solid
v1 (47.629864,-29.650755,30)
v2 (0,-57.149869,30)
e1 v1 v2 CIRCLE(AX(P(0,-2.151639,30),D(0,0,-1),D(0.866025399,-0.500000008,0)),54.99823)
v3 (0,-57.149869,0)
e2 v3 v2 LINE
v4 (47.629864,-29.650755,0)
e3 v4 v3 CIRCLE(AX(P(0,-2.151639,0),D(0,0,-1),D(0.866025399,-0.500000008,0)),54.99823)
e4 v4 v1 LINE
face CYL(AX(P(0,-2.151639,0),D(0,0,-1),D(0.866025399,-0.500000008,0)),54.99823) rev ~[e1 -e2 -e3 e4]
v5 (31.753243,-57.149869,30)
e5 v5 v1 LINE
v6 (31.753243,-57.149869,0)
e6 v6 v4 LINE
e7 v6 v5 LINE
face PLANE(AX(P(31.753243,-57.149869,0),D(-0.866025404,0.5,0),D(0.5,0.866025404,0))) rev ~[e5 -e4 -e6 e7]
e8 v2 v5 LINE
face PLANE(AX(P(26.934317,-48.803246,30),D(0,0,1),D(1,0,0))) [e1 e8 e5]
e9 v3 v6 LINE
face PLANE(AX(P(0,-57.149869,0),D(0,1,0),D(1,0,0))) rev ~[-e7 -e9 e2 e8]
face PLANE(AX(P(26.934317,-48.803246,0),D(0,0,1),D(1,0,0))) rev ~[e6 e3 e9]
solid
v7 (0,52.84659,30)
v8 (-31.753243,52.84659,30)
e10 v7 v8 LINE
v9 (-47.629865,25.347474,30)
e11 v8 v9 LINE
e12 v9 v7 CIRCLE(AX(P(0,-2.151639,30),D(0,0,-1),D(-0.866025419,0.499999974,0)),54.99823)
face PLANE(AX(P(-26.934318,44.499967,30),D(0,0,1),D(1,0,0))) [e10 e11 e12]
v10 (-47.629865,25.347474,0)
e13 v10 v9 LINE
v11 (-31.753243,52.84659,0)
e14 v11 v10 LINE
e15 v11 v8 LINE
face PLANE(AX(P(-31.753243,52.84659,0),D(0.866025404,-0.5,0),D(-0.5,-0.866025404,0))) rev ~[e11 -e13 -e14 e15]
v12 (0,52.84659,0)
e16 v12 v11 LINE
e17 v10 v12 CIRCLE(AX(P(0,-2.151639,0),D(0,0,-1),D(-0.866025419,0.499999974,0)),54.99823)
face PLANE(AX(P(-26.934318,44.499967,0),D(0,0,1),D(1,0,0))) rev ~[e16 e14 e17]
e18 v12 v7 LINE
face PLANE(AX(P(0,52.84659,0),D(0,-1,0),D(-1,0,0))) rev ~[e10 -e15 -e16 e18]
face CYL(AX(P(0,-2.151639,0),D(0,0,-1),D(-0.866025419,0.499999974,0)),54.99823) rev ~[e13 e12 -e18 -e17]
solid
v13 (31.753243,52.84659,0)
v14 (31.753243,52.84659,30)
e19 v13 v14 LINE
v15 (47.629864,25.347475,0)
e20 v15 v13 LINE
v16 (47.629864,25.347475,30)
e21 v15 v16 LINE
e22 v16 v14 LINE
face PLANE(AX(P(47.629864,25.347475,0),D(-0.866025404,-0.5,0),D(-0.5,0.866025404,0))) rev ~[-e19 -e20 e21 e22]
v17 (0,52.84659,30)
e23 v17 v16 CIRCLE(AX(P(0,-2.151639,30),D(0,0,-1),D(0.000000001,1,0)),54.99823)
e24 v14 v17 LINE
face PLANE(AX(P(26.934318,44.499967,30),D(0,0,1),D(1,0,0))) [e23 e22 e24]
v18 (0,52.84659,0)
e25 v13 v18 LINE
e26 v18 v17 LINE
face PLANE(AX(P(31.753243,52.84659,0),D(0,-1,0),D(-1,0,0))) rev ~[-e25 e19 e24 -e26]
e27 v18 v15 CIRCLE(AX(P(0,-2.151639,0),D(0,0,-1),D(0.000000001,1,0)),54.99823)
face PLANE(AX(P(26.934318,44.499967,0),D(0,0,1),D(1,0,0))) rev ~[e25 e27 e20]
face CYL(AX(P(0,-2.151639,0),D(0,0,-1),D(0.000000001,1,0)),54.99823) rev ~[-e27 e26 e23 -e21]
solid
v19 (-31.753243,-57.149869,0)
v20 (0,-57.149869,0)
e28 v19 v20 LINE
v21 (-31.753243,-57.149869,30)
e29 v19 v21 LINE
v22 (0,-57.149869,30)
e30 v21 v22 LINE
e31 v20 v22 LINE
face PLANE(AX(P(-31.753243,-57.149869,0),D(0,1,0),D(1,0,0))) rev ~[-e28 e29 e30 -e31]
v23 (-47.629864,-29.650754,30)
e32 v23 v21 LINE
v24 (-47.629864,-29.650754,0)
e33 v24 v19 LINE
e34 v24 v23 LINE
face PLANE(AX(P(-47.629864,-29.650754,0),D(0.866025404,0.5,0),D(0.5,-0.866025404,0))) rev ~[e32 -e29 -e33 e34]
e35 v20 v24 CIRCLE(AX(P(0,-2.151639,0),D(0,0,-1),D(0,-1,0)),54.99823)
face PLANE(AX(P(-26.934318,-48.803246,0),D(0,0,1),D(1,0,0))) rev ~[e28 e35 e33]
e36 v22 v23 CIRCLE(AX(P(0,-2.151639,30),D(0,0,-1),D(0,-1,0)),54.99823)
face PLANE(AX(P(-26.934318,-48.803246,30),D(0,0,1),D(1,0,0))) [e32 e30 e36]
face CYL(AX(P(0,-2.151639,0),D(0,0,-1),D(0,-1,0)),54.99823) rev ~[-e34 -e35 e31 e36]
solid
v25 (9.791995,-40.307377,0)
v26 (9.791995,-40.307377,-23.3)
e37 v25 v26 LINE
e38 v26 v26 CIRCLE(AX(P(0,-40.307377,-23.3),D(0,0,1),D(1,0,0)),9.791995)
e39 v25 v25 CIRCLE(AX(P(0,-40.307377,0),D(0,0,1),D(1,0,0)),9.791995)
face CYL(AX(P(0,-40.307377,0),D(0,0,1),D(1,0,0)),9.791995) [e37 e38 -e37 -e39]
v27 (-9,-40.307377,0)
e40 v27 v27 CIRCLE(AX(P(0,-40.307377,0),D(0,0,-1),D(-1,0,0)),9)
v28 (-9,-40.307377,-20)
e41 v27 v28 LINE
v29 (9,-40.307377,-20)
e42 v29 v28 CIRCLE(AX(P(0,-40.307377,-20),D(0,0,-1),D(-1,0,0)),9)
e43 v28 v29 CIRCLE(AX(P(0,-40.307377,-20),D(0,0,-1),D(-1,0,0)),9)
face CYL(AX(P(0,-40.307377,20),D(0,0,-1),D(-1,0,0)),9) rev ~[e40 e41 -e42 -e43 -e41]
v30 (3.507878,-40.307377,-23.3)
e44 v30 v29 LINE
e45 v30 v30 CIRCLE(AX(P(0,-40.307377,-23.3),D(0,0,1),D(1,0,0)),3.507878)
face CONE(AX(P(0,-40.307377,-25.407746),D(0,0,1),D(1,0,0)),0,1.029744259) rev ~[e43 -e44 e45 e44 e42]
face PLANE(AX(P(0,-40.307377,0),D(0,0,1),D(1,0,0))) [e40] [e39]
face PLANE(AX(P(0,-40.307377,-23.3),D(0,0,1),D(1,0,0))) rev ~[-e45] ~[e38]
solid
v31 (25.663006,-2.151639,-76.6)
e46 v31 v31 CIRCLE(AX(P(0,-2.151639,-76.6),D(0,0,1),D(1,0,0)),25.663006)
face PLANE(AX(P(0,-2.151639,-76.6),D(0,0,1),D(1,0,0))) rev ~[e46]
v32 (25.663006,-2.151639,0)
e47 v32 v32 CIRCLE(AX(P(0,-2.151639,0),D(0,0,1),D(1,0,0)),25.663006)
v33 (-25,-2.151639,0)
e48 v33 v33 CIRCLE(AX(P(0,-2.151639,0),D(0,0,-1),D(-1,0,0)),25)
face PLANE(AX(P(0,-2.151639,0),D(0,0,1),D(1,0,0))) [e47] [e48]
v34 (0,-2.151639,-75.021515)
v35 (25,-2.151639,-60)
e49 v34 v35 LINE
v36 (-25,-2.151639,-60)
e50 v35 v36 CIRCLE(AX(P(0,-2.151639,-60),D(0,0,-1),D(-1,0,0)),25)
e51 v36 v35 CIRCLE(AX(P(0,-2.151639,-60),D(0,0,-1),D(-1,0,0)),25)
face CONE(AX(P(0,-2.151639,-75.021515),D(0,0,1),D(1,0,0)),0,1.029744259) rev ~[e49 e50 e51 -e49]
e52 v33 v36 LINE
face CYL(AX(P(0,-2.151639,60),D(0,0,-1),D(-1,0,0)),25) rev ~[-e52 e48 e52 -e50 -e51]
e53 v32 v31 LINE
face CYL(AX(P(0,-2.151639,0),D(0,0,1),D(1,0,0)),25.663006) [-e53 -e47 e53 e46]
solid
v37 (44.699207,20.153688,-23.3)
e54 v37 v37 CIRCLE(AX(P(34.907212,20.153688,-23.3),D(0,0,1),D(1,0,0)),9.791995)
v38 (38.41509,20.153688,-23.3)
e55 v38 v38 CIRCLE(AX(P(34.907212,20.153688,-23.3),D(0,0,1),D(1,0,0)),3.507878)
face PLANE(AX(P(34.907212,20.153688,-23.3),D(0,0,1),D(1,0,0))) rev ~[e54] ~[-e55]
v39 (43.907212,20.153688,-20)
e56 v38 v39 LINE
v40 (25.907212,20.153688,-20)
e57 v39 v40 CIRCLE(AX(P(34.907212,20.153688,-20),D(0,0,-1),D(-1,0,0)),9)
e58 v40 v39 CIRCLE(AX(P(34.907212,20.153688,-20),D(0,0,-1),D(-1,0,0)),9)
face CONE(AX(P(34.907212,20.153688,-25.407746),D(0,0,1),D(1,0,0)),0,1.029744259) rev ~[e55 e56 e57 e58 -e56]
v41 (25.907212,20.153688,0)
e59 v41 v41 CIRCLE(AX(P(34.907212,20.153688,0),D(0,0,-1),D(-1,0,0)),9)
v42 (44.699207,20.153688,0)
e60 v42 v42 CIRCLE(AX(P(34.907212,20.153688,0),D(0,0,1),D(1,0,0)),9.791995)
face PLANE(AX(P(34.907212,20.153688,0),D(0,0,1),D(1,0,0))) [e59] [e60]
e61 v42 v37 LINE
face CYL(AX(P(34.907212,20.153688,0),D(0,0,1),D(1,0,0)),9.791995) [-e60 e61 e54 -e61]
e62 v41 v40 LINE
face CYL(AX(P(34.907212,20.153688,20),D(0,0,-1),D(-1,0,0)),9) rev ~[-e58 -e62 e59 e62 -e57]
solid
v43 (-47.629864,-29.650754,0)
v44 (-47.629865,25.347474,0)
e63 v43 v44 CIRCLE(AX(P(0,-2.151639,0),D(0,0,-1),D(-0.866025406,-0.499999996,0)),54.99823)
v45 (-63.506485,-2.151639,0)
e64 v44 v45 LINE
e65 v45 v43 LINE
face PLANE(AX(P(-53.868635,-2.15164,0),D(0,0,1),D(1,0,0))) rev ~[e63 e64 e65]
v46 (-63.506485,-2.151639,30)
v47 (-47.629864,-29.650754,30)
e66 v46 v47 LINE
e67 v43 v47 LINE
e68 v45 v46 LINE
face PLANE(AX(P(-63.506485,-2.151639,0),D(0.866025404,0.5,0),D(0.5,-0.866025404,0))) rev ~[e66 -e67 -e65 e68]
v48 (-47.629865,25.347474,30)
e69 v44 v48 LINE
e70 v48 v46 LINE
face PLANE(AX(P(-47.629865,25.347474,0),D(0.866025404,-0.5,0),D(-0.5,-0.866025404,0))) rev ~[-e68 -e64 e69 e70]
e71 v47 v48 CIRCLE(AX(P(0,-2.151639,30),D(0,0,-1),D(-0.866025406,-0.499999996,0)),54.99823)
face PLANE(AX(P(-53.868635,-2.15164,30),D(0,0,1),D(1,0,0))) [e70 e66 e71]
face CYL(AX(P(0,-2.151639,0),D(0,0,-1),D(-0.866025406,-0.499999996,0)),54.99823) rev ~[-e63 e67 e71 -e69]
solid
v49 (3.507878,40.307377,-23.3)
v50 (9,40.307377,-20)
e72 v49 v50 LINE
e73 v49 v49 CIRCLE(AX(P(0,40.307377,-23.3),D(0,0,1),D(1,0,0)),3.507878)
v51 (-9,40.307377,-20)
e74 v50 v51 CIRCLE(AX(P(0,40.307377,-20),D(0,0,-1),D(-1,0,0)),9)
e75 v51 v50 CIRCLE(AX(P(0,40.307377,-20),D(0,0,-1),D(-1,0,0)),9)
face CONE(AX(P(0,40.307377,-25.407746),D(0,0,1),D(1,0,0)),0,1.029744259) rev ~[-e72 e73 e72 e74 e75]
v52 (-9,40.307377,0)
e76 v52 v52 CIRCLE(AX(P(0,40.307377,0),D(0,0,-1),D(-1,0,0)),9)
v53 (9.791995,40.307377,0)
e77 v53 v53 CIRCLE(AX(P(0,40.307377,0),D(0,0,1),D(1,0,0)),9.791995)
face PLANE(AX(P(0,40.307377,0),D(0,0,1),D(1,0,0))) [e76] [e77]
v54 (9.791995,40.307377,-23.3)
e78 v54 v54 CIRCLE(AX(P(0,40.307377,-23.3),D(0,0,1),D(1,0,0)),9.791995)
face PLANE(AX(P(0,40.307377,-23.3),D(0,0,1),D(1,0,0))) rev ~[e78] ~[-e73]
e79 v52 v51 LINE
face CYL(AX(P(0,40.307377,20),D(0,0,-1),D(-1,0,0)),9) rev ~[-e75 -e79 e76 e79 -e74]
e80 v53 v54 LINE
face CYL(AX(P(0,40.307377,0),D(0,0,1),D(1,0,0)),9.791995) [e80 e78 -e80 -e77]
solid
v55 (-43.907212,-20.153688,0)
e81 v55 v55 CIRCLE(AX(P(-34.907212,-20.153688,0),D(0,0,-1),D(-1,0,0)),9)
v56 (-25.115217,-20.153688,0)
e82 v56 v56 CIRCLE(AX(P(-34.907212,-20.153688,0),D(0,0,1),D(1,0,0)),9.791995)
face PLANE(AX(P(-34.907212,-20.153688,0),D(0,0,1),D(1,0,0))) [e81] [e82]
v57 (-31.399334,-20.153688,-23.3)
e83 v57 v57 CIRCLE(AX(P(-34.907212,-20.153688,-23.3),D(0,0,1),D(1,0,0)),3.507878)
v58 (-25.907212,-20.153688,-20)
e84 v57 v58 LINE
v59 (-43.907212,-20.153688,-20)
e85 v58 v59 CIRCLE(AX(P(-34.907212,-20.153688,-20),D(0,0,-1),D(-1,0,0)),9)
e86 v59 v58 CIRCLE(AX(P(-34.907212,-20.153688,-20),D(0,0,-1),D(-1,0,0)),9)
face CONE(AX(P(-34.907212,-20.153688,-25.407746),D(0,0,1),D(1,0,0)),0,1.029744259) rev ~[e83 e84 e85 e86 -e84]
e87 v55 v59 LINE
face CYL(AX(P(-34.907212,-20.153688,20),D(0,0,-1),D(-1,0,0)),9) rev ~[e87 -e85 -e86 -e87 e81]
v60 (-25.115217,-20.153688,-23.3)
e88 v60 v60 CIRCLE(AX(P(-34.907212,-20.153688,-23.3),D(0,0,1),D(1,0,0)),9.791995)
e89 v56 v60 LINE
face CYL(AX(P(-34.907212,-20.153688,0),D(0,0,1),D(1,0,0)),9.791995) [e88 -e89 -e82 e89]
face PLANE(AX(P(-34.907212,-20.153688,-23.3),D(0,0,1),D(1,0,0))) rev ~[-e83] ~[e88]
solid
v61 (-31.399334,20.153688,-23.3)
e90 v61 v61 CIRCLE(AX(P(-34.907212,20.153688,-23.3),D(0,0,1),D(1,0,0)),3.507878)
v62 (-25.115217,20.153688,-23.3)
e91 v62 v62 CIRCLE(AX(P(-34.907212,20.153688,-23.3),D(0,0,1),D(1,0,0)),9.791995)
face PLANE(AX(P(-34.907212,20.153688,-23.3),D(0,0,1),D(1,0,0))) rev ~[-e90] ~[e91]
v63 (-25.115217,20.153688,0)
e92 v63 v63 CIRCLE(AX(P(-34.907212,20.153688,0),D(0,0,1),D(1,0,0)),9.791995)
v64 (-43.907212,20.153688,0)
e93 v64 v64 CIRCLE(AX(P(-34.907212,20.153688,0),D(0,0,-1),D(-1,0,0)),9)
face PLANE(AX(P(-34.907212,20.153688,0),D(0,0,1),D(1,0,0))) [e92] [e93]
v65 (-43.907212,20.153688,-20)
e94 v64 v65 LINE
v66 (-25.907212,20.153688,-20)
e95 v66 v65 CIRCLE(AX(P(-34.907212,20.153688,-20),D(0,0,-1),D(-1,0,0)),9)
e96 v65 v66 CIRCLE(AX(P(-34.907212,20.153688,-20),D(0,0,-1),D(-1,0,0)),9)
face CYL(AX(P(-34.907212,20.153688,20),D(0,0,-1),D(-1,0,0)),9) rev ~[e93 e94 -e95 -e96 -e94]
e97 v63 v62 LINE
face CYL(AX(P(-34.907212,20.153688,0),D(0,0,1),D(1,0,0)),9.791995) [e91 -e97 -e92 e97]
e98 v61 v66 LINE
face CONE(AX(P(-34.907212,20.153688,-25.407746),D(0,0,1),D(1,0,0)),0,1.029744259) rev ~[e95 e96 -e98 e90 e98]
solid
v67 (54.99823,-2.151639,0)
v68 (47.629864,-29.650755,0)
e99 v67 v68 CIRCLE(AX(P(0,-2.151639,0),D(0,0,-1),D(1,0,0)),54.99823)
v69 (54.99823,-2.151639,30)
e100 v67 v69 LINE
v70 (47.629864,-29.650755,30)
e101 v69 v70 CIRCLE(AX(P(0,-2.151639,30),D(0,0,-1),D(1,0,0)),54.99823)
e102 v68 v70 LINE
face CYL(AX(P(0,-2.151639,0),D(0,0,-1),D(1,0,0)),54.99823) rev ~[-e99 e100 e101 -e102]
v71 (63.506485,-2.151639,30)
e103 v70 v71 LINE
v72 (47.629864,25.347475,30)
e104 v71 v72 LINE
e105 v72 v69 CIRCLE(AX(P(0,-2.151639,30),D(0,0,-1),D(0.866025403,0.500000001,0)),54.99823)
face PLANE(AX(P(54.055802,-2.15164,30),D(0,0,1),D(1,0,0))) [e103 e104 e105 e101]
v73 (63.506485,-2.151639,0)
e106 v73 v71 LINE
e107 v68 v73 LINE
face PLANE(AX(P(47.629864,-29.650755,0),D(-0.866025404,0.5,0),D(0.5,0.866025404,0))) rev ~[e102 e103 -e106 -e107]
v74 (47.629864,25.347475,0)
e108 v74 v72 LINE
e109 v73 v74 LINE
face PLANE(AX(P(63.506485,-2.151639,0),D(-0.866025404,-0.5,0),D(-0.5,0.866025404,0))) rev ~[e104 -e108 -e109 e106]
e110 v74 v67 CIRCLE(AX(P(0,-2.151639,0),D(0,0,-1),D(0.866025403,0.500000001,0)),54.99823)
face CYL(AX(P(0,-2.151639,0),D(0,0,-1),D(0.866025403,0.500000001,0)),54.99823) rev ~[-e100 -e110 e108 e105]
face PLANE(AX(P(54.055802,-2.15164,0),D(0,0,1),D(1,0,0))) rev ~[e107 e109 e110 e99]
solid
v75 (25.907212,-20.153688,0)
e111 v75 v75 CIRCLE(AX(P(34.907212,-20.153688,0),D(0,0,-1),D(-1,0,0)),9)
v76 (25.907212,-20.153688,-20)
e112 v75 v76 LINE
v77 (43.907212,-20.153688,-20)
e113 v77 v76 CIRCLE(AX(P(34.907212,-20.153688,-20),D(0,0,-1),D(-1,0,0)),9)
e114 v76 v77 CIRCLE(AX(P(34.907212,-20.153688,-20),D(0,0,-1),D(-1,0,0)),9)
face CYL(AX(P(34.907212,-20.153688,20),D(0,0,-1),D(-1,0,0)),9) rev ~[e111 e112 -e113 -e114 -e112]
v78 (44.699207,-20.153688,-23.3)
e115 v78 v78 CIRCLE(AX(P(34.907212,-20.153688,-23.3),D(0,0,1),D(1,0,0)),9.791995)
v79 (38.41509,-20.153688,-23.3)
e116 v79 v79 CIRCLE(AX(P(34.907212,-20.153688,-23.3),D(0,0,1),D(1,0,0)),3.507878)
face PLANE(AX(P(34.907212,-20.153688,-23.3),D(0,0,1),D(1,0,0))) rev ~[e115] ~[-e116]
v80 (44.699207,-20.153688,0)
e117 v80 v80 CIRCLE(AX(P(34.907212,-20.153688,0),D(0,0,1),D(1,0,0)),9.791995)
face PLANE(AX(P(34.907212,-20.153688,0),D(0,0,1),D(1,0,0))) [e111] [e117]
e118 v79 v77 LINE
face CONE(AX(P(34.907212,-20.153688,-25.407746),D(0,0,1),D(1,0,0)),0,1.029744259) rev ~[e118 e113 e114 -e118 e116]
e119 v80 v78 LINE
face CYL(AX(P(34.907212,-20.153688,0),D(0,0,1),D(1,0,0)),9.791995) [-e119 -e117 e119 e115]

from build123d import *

# Parameters (mm, degrees)
F0_R       = 25.6630058186
F1_DEPTH   = 76.6
F2_D       = 50
F2_DEPTH   = 60
F2_TIP     = 15.0215154757
F3_DEPTH   = 30
F4_R       = 9.7919949692
F5_DEPTH   = 23.3
F6_D       = 18
F6_DEPTH   = 20
F6_TIP     = 5.4077455712
F6_2_D     = 18
F6_2_DEPTH = 20
F6_2_TIP   = 5.4077455712
F6_3_D     = 18
F6_3_DEPTH = 20
F6_3_TIP   = 5.4077455712
F6_4_D     = 18
F6_4_DEPTH = 20
F6_4_TIP   = 5.4077455712
F6_5_D     = 18
F6_5_DEPTH = 20
F6_5_TIP   = 5.4077455712
F6_6_D     = 18
F6_6_DEPTH = 20
F6_6_TIP   = 5.4077455712


with BuildPart() as f1:
    # F0 (on Top) → F1 (new body)
    with BuildSketch(Plane.XY):
        with Locations((0, -2.1516394336)):
            Circle(F0_R)
    extrude(amount=-F1_DEPTH)

    # F2
    with Locations(Plane.XY):
        with Locations((0, -2.1516394336)):
            Hole(F2_D / 2, depth=F2_DEPTH)
            with Locations((0, 0, -(F2_DEPTH + F2_TIP / 2))):  # 118° drill point
                Cone(0, F2_D / 2, F2_TIP, mode=Mode.SUBTRACT)


with BuildPart() as f3:
    # F0 (on Top) → F3 (new body)
    with BuildSketch(Plane.XY):
        with BuildLine():
            ThreePointArc((-47.6298648429, 25.3474739188), (-27.499115517, 45.4782241596), (3.13e-08, 52.8465901754))
            Line((3.13e-08, 52.8465901754), (-31.7532426697, 52.8465901754))
            Line((-31.7532426697, 52.8465901754), (-47.6298648429, 25.3474739188))
        make_face()
    extrude(amount=F3_DEPTH)


with BuildPart() as f3b:
    # F0 (on Top) → F3, piece 2 (new body)
    with BuildSketch(Plane.XY):
        with BuildLine():
            ThreePointArc((-47.6298641461, -29.6507539929), (-54.998229609, -2.1516401304), (-47.6298648429, 25.3474739188))
            Line((-47.6298648429, 25.3474739188), (-63.5064853394, -2.1516394336))
            Line((-63.5064853394, -2.1516394336), (-47.6298641461, -29.6507539929))
        make_face()
    extrude(amount=F3_DEPTH)


with BuildPart() as f3c:
    # F0 (on Top) → F3, piece 3 (new body)
    with BuildSketch(Plane.XY):
        with BuildLine():
            Line((-31.7532426697, -57.1498690425), (0, -57.1498690425))
            ThreePointArc((0, -57.1498690425), (-27.4991149271, -49.7815033673), (-47.6298641461, -29.6507539929))
            Line((-47.6298641461, -29.6507539929), (-31.7532426697, -57.1498690425))
        make_face()
    extrude(amount=F3_DEPTH)


with BuildPart() as f3d:
    # F0 (on Top) → F3, piece 4 (new body)
    with BuildSketch(Plane.XY):
        with BuildLine():
            Line((31.7532426697, -57.1498690425), (47.6298637472, -29.6507546837))
            ThreePointArc((47.6298637472, -29.6507546837), (27.4991145817, -49.7815035667), (0, -57.1498690425))
            Line((0, -57.1498690425), (31.7532426697, -57.1498690425))
        make_face()
    extrude(amount=F3_DEPTH)


with BuildPart() as f3e:
    # F0 (on Top) → F3, piece 5 (new body)
    with BuildSketch(Plane.XY):
        with BuildLine():
            ThreePointArc((3.13e-08, 52.8465901754), (27.4991147982, 45.4782245746), (47.6298639816, 25.3474754107))
            Line((47.6298639816, 25.3474754107), (31.7532426697, 52.8465901754))
            Line((31.7532426697, 52.8465901754), (3.13e-08, 52.8465901754))
        make_face()
    extrude(amount=F3_DEPTH)


with BuildPart() as f3f:
    # F0 (on Top) → F3, piece 6 (new body)
    with BuildSketch(Plane.XY):
        with BuildLine():
            ThreePointArc((47.6298639816, 25.3474754107), (53.1242103735, 12.0829498583), (54.998229609, -2.1516394336))
            ThreePointArc((54.998229609, -2.1516394336), (53.1242103129, -16.3862289518), (47.6298637472, -29.6507546837))
            Line((47.6298637472, -29.6507546837), (63.5064853394, -2.1516394336))
            Line((63.5064853394, -2.1516394336), (47.6298639816, 25.3474754107))
        make_face()
    extrude(amount=F3_DEPTH)


with BuildPart() as f5:
    # F4 (on face) → F5 (new body)
    with BuildSketch(Plane.XY):
        with Locations((0, 40.3073765337)):
            Circle(F4_R)
    extrude(amount=-F5_DEPTH)

    # F6
    with Locations(Plane.XY):
        with Locations((-34.9072120381, 20.1536882669), (0, 40.3073765337), (34.9072120381, 20.1536882669), (34.9072120381, -20.1536882669), (0, -40.3073765337), (-34.9072120381, -20.1536882669)):
            Hole(F6_D / 2, depth=F6_DEPTH)
            with Locations((0, 0, -(F6_DEPTH + F6_TIP / 2))):  # 118° drill point
                Cone(0, F6_D / 2, F6_TIP, mode=Mode.SUBTRACT)


with BuildPart() as f5b:
    # F4 (on face) → F5, piece 2 (new body)
    with BuildSketch(Plane.XY):
        with Locations((-34.9072120381, 20.1536882669)):
            Circle(F4_R)
    extrude(amount=-F5_DEPTH)

    # F6#2
    with Locations(Plane.XY):
        with Locations((-34.9072120381, 20.1536882669), (0, 40.3073765337), (34.9072120381, 20.1536882669), (34.9072120381, -20.1536882669), (0, -40.3073765337), (-34.9072120381, -20.1536882669)):
            Hole(F6_2_D / 2, depth=F6_2_DEPTH)
            with Locations((0, 0, -(F6_2_DEPTH + F6_2_TIP / 2))):  # 118° drill point
                Cone(0, F6_2_D / 2, F6_2_TIP, mode=Mode.SUBTRACT)


with BuildPart() as f5c:
    # F4 (on face) → F5, piece 3 (new body)
    with BuildSketch(Plane.XY):
        with Locations((-34.9072120381, -20.1536882669)):
            Circle(F4_R)
    extrude(amount=-F5_DEPTH)

    # F6#3
    with Locations(Plane.XY):
        with Locations((-34.9072120381, 20.1536882669), (0, 40.3073765337), (34.9072120381, 20.1536882669), (34.9072120381, -20.1536882669), (0, -40.3073765337), (-34.9072120381, -20.1536882669)):
            Hole(F6_3_D / 2, depth=F6_3_DEPTH)
            with Locations((0, 0, -(F6_3_DEPTH + F6_3_TIP / 2))):  # 118° drill point
                Cone(0, F6_3_D / 2, F6_3_TIP, mode=Mode.SUBTRACT)


with BuildPart() as f5d:
    # F4 (on face) → F5, piece 4 (new body)
    with BuildSketch(Plane.XY):
        with Locations((0, -40.3073765337)):
            Circle(F4_R)
    extrude(amount=-F5_DEPTH)

    # F6#4
    with Locations(Plane.XY):
        with Locations((-34.9072120381, 20.1536882669), (0, 40.3073765337), (34.9072120381, 20.1536882669), (34.9072120381, -20.1536882669), (0, -40.3073765337), (-34.9072120381, -20.1536882669)):
            Hole(F6_4_D / 2, depth=F6_4_DEPTH)
            with Locations((0, 0, -(F6_4_DEPTH + F6_4_TIP / 2))):  # 118° drill point
                Cone(0, F6_4_D / 2, F6_4_TIP, mode=Mode.SUBTRACT)


with BuildPart() as f5e:
    # F4 (on face) → F5, piece 5 (new body)
    with BuildSketch(Plane.XY):
        with Locations((34.9072120381, -20.1536882669)):
            Circle(F4_R)
    extrude(amount=-F5_DEPTH)

    # F6#5
    with Locations(Plane.XY):
        with Locations((-34.9072120381, 20.1536882669), (0, 40.3073765337), (34.9072120381, 20.1536882669), (34.9072120381, -20.1536882669), (0, -40.3073765337), (-34.9072120381, -20.1536882669)):
            Hole(F6_5_D / 2, depth=F6_5_DEPTH)
            with Locations((0, 0, -(F6_5_DEPTH + F6_5_TIP / 2))):  # 118° drill point
                Cone(0, F6_5_D / 2, F6_5_TIP, mode=Mode.SUBTRACT)


with BuildPart() as f5f:
    # F4 (on face) → F5, piece 6 (new body)
    with BuildSketch(Plane.XY):
        with Locations((34.9072120381, 20.1536882669)):
            Circle(F4_R)
    extrude(amount=-F5_DEPTH)

    # F6#6
    with Locations(Plane.XY):
        with Locations((-34.9072120381, 20.1536882669), (0, 40.3073765337), (34.9072120381, 20.1536882669), (34.9072120381, -20.1536882669), (0, -40.3073765337), (-34.9072120381, -20.1536882669)):
            Hole(F6_6_D / 2, depth=F6_6_DEPTH)
            with Locations((0, 0, -(F6_6_DEPTH + F6_6_TIP / 2))):  # 118° drill point
                Cone(0, F6_6_D / 2, F6_6_TIP, mode=Mode.SUBTRACT)


solid = Compound([f1.part, f3.part, f3b.part, f3c.part, f3d.part, f3e.part, f3f.part, f5.part, f5b.part, f5c.part, f5d.part, f5e.part, f5f.part])
